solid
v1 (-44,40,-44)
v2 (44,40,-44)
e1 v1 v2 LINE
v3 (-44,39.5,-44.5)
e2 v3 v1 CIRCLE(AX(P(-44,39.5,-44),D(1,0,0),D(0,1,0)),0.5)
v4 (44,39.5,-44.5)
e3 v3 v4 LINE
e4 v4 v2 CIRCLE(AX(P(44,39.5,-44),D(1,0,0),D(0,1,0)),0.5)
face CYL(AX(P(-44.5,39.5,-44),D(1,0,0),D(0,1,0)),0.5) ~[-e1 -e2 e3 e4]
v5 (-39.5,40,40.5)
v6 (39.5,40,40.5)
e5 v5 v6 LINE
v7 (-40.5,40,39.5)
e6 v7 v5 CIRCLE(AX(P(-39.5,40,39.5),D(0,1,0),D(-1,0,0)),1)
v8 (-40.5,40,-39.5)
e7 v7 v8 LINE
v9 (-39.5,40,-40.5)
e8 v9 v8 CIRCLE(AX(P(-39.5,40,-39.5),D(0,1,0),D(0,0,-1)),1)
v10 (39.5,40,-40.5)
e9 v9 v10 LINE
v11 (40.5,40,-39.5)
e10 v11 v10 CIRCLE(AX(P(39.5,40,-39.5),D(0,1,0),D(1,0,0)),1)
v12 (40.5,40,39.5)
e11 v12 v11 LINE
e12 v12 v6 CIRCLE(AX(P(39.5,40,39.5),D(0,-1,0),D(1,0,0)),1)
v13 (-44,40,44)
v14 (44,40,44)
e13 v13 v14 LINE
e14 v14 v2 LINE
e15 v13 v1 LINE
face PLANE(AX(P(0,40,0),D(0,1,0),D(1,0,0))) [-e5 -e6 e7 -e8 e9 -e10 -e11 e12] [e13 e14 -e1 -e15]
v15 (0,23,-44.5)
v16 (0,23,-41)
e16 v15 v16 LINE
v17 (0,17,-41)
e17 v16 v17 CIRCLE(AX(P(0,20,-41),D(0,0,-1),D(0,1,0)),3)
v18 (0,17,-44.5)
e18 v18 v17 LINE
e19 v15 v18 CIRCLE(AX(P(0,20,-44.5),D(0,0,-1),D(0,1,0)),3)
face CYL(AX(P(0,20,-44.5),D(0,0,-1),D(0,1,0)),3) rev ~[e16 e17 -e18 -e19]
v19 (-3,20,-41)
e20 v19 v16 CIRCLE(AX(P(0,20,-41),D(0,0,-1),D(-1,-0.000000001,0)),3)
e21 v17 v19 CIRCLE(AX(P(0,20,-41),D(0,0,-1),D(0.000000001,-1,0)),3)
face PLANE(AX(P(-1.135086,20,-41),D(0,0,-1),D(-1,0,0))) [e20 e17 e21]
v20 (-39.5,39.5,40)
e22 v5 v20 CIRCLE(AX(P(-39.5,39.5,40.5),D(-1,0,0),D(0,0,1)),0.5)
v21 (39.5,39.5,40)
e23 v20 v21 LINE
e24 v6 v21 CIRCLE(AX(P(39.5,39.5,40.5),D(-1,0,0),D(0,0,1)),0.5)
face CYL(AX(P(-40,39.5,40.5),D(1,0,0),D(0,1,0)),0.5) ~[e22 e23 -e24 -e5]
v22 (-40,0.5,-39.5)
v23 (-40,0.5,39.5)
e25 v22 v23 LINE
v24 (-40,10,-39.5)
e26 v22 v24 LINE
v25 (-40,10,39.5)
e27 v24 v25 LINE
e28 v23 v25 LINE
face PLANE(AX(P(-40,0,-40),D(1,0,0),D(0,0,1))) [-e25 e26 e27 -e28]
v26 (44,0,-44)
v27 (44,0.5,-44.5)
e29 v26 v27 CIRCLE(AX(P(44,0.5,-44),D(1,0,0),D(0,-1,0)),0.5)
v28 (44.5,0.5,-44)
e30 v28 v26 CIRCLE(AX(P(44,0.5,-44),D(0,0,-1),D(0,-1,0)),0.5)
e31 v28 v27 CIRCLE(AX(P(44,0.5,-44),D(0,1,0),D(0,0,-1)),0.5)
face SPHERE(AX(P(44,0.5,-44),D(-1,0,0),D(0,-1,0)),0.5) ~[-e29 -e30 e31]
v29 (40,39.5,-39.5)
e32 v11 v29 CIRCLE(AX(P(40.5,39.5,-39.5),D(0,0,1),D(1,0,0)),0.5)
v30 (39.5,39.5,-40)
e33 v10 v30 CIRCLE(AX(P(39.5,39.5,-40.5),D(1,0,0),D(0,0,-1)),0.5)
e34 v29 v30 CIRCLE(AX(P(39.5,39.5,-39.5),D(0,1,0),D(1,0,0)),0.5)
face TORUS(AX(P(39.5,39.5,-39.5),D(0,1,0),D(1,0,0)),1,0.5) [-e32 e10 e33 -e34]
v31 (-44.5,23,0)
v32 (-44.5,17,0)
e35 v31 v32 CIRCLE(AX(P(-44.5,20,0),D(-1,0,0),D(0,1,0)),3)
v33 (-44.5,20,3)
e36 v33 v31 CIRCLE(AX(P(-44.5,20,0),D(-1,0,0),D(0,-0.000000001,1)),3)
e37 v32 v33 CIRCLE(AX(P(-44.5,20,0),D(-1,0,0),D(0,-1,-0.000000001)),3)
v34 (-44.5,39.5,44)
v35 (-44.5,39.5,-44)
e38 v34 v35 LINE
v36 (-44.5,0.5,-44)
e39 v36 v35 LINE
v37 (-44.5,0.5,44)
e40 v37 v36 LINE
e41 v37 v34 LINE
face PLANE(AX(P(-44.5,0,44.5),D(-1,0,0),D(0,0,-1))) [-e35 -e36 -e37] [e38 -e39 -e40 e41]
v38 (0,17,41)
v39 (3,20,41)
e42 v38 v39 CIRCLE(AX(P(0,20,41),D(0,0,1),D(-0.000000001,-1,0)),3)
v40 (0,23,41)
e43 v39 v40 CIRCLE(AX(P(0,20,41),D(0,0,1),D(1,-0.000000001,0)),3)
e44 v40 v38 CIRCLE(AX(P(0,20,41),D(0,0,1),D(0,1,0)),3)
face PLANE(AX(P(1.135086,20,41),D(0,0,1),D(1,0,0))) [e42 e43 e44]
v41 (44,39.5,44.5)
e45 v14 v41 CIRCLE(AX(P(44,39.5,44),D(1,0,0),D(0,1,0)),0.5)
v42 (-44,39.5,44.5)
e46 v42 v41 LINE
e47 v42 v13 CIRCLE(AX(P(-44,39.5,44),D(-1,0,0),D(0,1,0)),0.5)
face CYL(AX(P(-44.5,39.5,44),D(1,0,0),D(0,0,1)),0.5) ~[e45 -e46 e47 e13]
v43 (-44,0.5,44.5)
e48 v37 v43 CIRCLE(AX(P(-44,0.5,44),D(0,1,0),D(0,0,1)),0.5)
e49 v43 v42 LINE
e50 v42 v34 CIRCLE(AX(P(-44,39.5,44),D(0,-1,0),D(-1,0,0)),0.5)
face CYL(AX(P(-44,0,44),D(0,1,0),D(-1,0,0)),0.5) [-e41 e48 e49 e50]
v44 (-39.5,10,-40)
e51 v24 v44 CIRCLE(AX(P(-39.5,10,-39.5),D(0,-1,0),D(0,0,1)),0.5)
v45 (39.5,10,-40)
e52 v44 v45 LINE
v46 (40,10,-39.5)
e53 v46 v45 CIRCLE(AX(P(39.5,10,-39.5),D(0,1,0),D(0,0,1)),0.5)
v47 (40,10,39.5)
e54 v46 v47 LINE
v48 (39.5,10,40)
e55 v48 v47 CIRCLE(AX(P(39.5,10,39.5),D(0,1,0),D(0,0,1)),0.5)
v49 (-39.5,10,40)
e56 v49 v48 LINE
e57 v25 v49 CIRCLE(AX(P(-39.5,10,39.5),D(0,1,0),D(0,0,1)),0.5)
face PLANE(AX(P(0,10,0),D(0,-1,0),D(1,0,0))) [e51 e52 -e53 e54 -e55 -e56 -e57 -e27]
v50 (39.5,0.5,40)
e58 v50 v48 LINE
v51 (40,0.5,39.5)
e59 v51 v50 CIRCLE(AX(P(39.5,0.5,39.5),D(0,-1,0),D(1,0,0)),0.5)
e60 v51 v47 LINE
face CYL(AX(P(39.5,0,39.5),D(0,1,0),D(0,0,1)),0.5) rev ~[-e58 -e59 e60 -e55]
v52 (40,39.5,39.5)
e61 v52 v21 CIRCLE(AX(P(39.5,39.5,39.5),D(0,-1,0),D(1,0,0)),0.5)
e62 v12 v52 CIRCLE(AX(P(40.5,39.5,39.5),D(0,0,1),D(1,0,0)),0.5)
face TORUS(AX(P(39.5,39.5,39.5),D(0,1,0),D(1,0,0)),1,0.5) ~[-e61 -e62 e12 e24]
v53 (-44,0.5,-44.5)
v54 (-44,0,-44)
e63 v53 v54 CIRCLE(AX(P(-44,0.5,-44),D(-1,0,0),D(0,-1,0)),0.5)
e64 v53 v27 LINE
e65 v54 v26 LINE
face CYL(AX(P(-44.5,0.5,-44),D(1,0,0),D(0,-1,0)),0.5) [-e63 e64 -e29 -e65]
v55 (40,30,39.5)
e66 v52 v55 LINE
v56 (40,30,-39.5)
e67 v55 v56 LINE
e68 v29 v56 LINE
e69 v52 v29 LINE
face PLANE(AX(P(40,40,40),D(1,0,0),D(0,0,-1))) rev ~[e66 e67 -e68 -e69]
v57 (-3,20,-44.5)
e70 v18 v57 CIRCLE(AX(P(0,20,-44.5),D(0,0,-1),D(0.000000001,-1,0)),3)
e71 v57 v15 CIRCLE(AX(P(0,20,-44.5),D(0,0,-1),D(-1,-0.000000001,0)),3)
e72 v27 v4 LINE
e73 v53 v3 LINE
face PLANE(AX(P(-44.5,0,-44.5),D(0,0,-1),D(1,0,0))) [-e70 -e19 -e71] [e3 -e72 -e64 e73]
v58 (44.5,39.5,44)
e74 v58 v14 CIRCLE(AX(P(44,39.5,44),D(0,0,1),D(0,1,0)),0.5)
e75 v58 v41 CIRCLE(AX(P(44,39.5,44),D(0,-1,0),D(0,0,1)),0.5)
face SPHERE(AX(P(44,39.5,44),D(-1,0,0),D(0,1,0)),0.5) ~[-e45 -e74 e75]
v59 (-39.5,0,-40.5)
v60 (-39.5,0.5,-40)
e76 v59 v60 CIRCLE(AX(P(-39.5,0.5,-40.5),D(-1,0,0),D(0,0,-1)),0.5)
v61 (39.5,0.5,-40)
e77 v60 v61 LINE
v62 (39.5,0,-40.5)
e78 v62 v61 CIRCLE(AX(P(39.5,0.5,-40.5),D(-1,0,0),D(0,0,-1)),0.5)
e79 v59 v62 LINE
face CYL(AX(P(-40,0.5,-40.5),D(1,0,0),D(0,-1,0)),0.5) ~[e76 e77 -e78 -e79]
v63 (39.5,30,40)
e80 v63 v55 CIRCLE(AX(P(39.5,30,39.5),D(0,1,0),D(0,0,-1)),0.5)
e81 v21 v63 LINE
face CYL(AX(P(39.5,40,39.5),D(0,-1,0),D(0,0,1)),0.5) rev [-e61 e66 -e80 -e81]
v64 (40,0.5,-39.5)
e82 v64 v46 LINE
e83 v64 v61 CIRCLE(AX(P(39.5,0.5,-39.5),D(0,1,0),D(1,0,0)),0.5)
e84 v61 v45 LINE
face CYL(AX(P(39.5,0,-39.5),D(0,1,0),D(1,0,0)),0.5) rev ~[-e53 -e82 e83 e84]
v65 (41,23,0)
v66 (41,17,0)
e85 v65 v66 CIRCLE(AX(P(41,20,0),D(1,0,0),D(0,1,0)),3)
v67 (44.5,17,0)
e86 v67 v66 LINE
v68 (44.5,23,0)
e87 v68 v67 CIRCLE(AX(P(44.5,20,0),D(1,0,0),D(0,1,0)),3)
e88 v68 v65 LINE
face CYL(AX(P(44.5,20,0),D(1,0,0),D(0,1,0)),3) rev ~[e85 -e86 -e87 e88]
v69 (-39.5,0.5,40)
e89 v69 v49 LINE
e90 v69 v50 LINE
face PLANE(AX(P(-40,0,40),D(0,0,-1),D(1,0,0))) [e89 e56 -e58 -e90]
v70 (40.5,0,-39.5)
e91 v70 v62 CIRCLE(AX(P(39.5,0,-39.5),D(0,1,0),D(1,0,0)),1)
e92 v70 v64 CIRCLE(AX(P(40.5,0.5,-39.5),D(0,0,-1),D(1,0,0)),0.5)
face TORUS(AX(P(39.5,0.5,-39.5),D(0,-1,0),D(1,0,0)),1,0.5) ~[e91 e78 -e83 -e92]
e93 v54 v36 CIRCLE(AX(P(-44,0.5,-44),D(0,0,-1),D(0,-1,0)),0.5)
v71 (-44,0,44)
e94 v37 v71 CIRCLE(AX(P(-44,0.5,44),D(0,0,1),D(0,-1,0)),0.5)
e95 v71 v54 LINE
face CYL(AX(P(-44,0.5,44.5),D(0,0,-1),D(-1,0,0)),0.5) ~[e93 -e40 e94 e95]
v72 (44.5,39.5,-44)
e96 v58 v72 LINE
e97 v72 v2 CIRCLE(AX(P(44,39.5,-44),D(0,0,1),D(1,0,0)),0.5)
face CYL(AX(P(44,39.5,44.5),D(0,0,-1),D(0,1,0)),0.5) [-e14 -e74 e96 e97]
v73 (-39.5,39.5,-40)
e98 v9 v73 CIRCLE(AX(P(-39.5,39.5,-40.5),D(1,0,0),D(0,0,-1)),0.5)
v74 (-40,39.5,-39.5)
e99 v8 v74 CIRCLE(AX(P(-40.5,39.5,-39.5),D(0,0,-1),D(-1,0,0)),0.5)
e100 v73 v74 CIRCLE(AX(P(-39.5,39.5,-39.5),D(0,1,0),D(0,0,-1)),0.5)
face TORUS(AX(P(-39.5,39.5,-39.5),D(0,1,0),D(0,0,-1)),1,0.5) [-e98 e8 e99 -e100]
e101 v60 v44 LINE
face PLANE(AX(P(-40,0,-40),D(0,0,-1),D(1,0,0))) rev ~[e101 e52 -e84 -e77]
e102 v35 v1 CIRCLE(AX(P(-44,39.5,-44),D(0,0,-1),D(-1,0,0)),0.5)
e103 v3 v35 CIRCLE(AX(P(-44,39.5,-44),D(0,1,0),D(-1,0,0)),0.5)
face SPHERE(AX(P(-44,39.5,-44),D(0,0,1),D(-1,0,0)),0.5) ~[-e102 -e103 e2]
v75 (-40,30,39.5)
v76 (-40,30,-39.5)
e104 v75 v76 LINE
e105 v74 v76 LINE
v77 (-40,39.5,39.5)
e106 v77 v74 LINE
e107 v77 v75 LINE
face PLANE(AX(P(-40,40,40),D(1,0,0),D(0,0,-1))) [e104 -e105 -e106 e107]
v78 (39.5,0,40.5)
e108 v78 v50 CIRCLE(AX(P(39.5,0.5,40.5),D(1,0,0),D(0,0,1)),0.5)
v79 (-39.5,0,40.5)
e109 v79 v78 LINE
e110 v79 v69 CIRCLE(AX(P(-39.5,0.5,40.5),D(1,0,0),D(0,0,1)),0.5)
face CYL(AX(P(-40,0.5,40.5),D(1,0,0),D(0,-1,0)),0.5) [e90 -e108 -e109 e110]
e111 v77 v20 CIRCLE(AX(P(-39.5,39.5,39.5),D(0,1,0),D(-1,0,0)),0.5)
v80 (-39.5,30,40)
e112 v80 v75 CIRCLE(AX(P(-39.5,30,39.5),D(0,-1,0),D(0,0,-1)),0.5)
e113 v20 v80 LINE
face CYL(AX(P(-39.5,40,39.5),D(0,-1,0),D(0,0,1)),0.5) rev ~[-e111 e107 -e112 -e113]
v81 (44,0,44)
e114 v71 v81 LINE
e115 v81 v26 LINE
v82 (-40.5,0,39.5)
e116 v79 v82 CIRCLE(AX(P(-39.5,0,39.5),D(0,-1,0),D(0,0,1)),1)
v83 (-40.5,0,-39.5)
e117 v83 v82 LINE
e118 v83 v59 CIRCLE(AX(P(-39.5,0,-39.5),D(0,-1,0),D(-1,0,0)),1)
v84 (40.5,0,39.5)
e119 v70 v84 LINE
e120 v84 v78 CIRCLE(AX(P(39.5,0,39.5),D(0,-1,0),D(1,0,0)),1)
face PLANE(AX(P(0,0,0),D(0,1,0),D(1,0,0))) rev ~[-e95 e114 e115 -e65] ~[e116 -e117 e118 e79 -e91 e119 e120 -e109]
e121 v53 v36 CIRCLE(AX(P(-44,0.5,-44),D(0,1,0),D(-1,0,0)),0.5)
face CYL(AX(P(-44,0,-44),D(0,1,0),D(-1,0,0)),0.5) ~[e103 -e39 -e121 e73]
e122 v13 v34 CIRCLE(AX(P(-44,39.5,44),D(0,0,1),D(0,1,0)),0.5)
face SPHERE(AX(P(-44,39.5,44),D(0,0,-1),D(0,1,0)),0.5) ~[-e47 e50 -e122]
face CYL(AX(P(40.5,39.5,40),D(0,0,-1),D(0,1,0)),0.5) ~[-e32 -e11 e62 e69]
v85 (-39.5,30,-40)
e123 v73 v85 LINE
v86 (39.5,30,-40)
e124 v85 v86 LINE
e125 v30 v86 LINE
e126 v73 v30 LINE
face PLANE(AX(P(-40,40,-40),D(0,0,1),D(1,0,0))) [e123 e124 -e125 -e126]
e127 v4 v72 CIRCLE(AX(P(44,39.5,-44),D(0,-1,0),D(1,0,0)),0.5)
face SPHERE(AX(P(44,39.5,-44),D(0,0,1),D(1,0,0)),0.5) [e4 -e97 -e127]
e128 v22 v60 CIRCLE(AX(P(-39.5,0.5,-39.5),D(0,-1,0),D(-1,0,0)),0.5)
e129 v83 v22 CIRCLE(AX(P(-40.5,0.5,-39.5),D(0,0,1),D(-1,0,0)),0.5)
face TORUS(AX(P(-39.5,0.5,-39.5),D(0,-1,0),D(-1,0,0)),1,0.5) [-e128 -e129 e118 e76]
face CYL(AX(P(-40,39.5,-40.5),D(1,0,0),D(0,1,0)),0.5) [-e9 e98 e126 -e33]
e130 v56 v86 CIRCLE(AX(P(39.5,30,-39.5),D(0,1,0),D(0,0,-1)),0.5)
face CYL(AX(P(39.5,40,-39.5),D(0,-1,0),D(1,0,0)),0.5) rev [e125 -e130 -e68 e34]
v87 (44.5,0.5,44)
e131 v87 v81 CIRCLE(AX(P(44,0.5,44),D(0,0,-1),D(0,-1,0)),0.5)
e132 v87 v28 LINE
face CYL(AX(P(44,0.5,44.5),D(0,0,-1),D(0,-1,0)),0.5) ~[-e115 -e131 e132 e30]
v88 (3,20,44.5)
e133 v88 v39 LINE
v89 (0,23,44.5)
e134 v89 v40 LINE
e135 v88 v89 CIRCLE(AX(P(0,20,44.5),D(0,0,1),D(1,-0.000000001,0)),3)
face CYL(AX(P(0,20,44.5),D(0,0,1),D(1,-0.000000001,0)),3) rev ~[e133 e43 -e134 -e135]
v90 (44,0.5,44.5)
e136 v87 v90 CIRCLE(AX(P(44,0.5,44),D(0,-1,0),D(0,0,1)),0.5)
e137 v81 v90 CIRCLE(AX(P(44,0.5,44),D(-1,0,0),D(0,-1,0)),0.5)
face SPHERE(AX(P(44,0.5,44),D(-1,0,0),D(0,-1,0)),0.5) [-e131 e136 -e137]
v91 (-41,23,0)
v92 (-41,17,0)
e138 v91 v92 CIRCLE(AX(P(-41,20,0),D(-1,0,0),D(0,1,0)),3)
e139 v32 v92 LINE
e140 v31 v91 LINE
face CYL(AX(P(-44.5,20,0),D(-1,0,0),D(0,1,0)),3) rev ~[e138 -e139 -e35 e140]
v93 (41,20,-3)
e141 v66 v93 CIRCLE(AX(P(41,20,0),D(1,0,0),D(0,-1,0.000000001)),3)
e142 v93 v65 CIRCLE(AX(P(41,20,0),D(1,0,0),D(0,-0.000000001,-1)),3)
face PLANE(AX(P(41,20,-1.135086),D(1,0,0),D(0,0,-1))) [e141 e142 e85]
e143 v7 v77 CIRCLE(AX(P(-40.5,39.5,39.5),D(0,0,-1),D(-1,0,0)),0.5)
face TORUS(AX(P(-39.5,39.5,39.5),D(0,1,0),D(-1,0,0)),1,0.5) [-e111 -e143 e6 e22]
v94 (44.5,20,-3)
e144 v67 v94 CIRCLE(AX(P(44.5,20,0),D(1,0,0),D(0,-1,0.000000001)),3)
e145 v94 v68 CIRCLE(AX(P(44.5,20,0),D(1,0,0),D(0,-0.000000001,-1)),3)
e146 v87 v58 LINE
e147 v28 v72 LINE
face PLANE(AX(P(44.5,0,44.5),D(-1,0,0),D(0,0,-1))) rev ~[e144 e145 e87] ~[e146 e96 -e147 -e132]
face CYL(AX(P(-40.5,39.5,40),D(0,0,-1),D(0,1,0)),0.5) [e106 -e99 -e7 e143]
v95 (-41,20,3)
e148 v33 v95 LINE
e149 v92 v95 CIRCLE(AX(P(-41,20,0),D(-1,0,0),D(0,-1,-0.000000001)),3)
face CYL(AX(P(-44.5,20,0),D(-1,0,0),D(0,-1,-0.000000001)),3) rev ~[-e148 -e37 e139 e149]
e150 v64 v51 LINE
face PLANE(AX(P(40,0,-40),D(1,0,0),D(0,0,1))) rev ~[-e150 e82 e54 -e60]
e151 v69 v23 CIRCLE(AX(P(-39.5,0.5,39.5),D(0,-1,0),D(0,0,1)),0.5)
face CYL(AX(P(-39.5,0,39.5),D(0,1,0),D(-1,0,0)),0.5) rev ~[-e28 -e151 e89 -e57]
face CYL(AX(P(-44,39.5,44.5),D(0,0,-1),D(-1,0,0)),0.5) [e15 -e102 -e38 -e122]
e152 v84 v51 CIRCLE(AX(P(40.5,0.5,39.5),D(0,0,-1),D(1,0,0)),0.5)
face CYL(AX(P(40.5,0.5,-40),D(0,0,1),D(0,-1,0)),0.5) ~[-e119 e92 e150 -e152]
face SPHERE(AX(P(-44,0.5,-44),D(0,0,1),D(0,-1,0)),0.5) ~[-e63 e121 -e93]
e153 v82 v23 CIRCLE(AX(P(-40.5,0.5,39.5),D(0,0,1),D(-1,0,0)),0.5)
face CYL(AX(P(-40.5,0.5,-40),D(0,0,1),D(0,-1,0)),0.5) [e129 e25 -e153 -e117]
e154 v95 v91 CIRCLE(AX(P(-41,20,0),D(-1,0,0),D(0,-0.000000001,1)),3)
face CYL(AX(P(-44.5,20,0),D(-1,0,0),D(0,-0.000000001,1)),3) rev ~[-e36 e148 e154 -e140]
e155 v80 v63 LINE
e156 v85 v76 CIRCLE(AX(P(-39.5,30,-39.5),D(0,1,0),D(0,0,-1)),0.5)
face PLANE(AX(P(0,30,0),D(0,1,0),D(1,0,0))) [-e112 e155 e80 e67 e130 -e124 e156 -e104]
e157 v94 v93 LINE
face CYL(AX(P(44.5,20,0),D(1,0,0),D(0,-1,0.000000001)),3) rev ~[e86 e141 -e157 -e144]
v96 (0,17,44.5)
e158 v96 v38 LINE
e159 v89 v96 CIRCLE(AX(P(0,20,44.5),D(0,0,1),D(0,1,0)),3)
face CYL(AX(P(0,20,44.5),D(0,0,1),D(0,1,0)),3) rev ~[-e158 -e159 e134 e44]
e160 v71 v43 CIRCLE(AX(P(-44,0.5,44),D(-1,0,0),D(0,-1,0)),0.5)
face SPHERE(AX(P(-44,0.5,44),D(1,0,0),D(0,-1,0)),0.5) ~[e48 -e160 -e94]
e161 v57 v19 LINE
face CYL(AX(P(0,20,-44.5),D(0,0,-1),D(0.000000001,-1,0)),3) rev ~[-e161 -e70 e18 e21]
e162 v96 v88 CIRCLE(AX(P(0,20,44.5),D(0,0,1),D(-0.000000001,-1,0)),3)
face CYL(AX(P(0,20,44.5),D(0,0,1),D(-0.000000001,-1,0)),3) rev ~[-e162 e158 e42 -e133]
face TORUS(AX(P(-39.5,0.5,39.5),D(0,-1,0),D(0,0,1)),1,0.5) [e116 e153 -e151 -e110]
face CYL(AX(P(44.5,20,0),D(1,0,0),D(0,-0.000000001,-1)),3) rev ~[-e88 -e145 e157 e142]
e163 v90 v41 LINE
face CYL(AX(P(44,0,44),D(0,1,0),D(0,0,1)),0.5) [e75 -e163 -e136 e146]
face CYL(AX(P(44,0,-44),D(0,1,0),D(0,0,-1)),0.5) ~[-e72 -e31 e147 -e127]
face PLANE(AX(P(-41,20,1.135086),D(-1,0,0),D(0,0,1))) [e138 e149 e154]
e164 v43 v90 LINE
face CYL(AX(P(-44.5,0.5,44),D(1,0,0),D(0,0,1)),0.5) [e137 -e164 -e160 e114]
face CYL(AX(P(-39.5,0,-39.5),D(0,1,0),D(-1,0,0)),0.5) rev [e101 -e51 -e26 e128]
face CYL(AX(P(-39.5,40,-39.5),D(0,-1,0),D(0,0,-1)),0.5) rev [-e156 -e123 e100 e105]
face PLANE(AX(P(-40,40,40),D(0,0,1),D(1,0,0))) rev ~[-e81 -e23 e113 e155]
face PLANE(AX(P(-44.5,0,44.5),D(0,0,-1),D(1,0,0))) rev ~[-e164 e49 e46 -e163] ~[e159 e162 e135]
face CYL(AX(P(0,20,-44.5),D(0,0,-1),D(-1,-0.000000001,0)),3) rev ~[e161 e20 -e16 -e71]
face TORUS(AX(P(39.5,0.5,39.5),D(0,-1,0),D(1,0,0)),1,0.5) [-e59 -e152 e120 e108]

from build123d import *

# Parameters (mm, degrees)
SKETCH2_W           = 89
SKETCH2_H           = 89
BOSS_EXTRUDE1_DEPTH = 40
SKETCH5_W           = 80
SKETCH5_H           = 80
CUT_EXTRUDE3_DEPTH  = 10
SKETCH4_W           = 80
SKETCH4_H           = 80
CUT_EXTRUDE5_DEPTH  = 10
CUT_EXTRUDE6_DEPTH  = 3.5
CIRPATTERN1_COUNT   = 4
FILLET1_R           = 0.5


with BuildPart() as part:
    # Sketch2 → Boss-Extrude1 (new body)
    with BuildSketch(Plane(origin=(0, 0, 0), x_dir=(1, 0, 0), z_dir=(0, 1, 0))):
        Rectangle(SKETCH2_W, SKETCH2_H)
    extrude(amount=BOSS_EXTRUDE1_DEPTH)

    # Sketch5 → Cut-Extrude3 (cut)
    with BuildSketch(Plane.XZ):
        Rectangle(SKETCH5_W, SKETCH5_H)
    extrude(amount=-CUT_EXTRUDE3_DEPTH, mode=Mode.SUBTRACT)

    # Sketch4 → Cut-Extrude5 (cut)
    with BuildSketch(Plane(origin=(0, 40, 0), x_dir=(1, 0, 0), z_dir=(0, 1, 0))):
        Rectangle(SKETCH4_W, SKETCH4_H)
    extrude(amount=-CUT_EXTRUDE5_DEPTH, mode=Mode.SUBTRACT)

    # Sketch6 → Cut-Extrude6 (cut)
    with BuildSketch(Plane(origin=(44.5, 0, 0), x_dir=(0, 0, -1), z_dir=(1, 0, 0))):
        with BuildLine():
            ThreePointArc((3, 20), (2.121320344, 22.121320344), (0, 23))
            Line((0, 23), (0, 17))
            ThreePointArc((0, 17), (2.121320344, 17.878679656), (3, 20))
        make_face()
        with BuildLine():
            Line((0, 17), (0, 23))
            ThreePointArc((0, 23), (-3, 20), (0, 17))
        make_face()
    cut_extrude6 = extrude(amount=-CUT_EXTRUDE6_DEPTH, mode=Mode.SUBTRACT)

    # CirPattern1: Cut-Extrude6 ×4 about axis
    cirpattern1_axis = Axis((0, 10, 0), (0, -1, 0))
    for i in range(1, CIRPATTERN1_COUNT):
        add(cut_extrude6.rotate(cirpattern1_axis, i * 360 / CIRPATTERN1_COUNT), mode=Mode.SUBTRACT)

    # Fillet1
    fillet1_edges = [part.edges().sort_by_distance(p)[0] for p in [
        (-44.5, 40, 0),
        (0, 40, 44.5),
        (40, 5, 40),
        (40, 5, -40),
        (-40, 5, -40),
        (-40, 5, 40),
        (40, 0, 0),
        (0, 0, 40),
        (-40, 0, 0),
        (0, 0, -40),
        (40, 35, -40),
        (40, 35, 40),
        (-40, 35, 40),
        (-40, 35, -40),
        (40, 40, 0),
        (0, 40, -40),
        (-40, 40, 0),
        (0, 40, 40),
        (44.5, 40, 0),
        (0, 0, 44.5),
        (-44.5, 0, 0),
        (0, 0, -44.5),
        (44.5, 0, 0),
        (44.5, 20, 44.5),
        (-44.5, 20, 44.5),
        (-44.5, 20, -44.5),
        (44.5, 20, -44.5),
        (0, 40, -44.5),
    ]]
    fillet(fillet1_edges, radius=FILLET1_R)


solid = part.part
